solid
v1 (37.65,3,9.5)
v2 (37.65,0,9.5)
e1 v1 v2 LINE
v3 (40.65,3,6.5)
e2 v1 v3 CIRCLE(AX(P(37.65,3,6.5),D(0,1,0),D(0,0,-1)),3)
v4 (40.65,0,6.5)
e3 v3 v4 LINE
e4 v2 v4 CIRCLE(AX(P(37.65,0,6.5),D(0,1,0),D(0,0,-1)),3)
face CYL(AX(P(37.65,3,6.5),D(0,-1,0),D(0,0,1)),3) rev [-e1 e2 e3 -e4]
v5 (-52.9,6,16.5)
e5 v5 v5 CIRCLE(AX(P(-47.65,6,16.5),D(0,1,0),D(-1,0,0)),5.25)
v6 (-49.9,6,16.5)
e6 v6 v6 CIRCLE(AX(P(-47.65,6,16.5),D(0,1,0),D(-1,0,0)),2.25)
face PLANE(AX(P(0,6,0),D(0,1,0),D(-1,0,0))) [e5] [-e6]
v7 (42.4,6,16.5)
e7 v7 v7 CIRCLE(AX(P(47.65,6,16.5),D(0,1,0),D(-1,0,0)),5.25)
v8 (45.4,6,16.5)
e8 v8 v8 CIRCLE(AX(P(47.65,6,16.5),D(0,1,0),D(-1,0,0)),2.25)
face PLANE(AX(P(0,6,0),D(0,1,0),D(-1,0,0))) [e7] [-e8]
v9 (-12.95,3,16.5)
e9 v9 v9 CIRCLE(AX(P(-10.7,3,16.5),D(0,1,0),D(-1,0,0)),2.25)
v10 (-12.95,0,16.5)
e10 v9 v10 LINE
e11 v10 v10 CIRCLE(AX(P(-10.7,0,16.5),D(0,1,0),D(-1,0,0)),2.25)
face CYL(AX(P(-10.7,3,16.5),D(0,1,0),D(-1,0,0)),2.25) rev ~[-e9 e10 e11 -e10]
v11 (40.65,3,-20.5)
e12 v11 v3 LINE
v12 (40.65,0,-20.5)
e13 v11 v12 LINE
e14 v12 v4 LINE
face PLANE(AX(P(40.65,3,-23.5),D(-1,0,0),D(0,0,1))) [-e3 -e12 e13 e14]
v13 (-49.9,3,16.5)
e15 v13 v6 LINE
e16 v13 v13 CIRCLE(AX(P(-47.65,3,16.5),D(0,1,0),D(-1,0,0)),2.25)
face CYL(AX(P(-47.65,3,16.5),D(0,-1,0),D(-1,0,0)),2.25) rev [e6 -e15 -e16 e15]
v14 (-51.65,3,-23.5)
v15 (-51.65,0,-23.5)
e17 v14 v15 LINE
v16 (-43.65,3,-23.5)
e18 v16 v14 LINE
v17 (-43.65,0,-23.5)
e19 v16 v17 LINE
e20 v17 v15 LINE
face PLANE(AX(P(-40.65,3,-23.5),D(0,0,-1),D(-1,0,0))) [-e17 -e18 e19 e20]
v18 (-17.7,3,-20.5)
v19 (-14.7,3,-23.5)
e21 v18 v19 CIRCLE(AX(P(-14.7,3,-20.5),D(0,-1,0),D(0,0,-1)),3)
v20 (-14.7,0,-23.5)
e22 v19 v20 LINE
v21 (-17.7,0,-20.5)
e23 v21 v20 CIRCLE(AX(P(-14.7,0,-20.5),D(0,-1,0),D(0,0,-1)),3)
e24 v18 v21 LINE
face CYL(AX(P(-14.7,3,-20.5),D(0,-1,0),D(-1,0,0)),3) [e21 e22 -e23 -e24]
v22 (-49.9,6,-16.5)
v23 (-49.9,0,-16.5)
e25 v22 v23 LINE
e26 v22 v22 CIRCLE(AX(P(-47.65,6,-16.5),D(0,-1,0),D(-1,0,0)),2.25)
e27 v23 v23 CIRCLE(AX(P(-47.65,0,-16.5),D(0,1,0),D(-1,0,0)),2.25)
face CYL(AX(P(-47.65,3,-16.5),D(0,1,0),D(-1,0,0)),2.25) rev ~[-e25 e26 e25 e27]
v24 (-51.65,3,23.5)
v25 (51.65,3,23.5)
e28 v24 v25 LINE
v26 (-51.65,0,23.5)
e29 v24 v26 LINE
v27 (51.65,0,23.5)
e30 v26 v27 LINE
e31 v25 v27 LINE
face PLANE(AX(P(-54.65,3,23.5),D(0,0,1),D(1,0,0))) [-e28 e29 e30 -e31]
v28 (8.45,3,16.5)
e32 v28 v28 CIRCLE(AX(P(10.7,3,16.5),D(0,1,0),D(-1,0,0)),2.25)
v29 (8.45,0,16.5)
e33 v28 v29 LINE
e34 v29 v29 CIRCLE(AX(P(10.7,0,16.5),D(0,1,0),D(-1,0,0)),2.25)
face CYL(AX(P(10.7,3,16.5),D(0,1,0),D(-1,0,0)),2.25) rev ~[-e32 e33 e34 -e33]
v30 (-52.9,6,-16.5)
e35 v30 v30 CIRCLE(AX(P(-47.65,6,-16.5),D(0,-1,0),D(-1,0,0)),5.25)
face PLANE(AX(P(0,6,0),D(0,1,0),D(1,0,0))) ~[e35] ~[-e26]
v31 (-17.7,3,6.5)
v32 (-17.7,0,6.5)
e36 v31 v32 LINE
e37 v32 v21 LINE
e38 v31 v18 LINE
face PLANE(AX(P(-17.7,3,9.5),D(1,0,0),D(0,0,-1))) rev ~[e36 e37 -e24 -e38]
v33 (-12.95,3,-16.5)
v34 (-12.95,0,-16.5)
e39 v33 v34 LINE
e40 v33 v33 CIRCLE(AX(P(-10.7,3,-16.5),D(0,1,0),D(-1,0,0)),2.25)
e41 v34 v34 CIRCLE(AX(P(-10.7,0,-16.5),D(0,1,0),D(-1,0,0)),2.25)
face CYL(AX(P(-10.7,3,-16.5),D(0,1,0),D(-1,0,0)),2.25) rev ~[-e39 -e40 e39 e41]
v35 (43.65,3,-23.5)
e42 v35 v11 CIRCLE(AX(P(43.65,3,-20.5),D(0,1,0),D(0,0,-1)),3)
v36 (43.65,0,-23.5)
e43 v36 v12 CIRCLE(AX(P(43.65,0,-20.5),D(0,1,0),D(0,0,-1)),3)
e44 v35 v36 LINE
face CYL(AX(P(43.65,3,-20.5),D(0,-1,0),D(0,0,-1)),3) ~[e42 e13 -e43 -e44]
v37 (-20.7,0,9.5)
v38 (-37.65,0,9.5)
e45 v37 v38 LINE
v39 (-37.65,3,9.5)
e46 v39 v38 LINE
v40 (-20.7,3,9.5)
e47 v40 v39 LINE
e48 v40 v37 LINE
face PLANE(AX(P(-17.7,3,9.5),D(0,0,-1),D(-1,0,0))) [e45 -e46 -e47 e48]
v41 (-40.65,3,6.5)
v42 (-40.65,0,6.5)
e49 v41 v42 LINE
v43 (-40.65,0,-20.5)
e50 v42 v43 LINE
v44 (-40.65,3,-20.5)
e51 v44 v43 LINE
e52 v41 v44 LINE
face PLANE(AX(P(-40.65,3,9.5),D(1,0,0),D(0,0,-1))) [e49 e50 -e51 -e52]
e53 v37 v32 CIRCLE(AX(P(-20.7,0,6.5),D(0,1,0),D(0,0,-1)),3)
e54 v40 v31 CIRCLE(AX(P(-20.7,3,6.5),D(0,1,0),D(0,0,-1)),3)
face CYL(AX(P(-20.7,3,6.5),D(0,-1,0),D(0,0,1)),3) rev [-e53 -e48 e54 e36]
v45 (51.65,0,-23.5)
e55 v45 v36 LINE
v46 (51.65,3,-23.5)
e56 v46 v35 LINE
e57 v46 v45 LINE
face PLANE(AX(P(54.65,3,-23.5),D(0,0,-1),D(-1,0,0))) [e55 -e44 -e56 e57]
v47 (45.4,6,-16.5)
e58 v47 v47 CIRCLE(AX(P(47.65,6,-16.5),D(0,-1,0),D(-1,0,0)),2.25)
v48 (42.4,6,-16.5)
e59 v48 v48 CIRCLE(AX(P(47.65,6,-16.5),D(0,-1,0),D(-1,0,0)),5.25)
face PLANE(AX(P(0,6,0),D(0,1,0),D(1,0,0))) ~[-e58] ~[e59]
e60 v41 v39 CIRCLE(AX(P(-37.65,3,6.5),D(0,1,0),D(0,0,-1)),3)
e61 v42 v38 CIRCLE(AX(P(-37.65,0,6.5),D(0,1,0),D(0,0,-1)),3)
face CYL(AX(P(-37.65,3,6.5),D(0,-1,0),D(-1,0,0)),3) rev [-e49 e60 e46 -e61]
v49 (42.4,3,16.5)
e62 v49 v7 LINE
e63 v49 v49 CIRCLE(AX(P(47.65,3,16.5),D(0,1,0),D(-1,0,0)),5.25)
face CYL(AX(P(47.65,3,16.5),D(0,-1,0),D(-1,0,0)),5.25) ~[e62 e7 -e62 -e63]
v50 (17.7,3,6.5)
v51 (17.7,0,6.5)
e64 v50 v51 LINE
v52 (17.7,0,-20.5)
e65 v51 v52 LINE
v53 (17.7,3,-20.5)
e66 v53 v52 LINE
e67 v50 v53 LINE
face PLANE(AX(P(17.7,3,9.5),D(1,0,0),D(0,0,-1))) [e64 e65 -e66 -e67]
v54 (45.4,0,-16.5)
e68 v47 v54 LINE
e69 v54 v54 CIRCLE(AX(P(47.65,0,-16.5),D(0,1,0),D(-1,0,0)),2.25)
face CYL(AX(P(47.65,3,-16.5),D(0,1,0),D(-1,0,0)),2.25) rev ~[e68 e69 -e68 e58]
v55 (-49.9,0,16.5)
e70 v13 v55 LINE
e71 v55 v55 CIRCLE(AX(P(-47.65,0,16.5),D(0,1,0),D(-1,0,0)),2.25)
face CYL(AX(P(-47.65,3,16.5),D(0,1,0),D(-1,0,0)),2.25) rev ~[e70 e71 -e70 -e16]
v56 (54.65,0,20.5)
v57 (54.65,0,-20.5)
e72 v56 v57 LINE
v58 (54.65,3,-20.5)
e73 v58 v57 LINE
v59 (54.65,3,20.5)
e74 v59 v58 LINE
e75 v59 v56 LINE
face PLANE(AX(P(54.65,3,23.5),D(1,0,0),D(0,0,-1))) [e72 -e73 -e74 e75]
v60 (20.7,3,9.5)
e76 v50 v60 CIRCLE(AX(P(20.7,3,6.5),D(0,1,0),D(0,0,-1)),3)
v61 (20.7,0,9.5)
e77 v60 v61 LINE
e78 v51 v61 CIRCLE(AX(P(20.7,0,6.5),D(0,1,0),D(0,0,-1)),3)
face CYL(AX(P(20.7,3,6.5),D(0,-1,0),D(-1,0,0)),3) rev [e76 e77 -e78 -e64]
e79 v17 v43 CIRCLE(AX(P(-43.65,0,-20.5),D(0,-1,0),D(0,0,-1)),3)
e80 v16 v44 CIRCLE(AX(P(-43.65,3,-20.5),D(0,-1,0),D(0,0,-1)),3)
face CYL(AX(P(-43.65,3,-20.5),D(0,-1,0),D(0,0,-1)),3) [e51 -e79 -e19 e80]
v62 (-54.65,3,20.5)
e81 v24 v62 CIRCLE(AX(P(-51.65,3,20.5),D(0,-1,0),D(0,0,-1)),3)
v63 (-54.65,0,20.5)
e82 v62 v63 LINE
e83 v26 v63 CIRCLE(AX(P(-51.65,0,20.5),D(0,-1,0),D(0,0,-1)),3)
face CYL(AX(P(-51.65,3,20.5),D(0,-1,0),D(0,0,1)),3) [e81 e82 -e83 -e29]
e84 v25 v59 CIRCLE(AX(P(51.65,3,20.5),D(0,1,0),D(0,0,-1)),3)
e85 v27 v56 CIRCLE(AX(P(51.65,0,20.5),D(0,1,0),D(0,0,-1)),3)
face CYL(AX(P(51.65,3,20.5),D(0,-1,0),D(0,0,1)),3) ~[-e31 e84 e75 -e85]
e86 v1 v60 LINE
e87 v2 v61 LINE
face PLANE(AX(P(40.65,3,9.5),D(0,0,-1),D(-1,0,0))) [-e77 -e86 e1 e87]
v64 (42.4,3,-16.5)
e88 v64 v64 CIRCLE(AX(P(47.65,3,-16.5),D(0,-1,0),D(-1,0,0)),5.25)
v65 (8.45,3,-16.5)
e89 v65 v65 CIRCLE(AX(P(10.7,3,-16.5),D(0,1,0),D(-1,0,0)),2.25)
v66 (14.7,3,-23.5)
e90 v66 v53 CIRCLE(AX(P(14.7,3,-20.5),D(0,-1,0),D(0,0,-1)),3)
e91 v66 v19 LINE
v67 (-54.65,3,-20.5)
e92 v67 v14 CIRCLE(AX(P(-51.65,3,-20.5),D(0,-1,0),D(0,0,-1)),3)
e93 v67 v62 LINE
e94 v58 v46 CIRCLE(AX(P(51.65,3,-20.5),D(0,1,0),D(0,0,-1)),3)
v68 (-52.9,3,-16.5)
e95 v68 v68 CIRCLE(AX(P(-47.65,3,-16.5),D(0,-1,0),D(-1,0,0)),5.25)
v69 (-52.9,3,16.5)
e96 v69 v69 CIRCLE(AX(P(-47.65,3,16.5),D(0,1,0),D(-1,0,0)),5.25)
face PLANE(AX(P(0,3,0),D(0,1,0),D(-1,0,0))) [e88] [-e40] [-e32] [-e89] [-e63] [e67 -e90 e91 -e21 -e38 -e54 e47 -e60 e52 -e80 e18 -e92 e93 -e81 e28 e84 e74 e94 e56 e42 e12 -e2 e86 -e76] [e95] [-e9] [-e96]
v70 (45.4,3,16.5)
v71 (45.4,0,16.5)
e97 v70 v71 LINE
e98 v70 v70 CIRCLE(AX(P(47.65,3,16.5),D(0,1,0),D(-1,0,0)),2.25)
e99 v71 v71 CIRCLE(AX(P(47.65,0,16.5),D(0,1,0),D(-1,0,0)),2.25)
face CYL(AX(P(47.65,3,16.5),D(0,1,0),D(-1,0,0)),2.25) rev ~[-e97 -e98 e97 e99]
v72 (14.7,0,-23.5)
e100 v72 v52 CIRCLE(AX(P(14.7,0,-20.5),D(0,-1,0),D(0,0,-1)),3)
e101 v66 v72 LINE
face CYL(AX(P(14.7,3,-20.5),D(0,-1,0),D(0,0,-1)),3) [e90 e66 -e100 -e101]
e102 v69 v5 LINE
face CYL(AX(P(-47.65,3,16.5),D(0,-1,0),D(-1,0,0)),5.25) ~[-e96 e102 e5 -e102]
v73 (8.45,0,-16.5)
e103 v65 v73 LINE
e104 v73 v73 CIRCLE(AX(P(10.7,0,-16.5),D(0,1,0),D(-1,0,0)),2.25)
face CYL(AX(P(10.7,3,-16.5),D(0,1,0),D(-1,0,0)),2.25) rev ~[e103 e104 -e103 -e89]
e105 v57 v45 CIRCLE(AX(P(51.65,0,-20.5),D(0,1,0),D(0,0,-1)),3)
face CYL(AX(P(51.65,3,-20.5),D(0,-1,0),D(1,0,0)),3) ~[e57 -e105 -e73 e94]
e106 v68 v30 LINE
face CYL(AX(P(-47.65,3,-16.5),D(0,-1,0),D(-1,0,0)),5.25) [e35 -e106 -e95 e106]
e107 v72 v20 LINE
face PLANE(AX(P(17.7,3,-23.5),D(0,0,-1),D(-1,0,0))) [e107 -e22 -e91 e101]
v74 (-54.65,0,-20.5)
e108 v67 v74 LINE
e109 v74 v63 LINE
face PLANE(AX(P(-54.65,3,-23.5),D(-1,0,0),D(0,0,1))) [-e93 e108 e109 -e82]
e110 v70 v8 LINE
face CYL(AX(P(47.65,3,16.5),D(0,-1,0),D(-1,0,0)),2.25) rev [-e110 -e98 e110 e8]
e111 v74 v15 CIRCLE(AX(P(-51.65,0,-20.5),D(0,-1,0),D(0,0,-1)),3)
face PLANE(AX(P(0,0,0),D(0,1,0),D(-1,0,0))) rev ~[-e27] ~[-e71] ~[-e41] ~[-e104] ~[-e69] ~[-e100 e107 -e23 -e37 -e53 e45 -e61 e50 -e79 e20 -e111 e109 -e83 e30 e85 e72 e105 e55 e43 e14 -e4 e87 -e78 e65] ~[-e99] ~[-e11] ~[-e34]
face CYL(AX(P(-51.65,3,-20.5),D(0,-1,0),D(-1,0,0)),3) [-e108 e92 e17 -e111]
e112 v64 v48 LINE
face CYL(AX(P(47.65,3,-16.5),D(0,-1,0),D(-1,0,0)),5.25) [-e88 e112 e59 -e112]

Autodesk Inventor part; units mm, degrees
ref_plane "YZ Plane" through (0, 0, 0) normal (1, 0, 0) x (0, 1, 0)
ref_plane "XY Plane" through (0, 0, 0) normal (0, 0, 1) x (1, 0, 0)
sketch "Sketch1" plane through (0, 0, 0) normal (0, 1, 0) x (-1, 0, 0)
  line L0 (-51.65, 23.5) -> (51.65, 23.5)
  line L1 (54.65, 20.5) -> (54.65, -20.5)
  line L2 (51.65, -23.5) -> (-51.65, -23.5)
  line L3 (-54.65, -20.5) -> (-54.65, 20.5)
  circle A0 centre (-47.65, 16.5) radius 2.25
  circle A1 centre (47.65, 16.5) radius 2.25
  circle A2 centre (-47.65, 16.5) radius 26.75 construction
  circle A3 centre (-10.7, 16.5) radius 2.25
  circle A4 centre (-10.7, 16.5) radius 11.2 construction
  line L4 (-21.9, 16.5) -> (-21.9, 6.8604)
  line L5 (-20.9, 16.5) -> (-20.9, 6.8604)
  circle A5 centre (10.7, 16.5) radius 2.25
  circle A6 centre (10.7, 16.5) radius 11.2 construction
  line L6 (-0.5, 16.5) -> (-0.5, 5.694)
  line L7 (0.5, 16.5) -> (0.5, 5.694)
  circle A7 centre (47.65, 16.5) radius 26.75 construction
  line L8 (20.9, 16.5) -> (20.9, 5.8426)
  line L9 (21.9, 16.5) -> (21.9, 5.8426)
  arc A8 (-51.65, 23.5) -> (-54.65, 20.5) centre (-51.65, 20.5) ccw
  arc A9 (-54.65, -20.5) -> (-51.65, -23.5) centre (-51.65, -20.5) ccw
  arc A10 (54.65, 20.5) -> (51.65, 23.5) centre (51.65, 20.5) ccw
  arc A11 (51.65, -23.5) -> (54.65, -20.5) centre (51.65, -20.5) ccw
  line L10 (-84.9483, 16.5) -> (77.5332, 16.5) construction
  line L11 (-54.65, 0) -> (54.65, 0)
  line L12 (10.7, 30.5) -> (10.7, -33.5) construction
  circle A12 centre (10.7, -16.5) radius 2.25
  line L13 (5, -8.5) -> (18, -8.5) construction
  line L14 (3.7, -4.5) -> (3.7, -33.5) construction
  line L15 (-6.3, -4.5) -> (-6.3, -33.5) construction
  line L16 (-1.3, -33.5) -> (-1.3, -4.5) construction
  circle A13 centre (-1.3, -38.9) radius 2.25
  circle A14 centre (-1.3, -8.5) radius 2.25
  line L17 (-17.7373, -23.5) -> (14.2274, -23.5)
  line L18 (14.2274, -23.5) -> (14.2274, -45.3565)
  line L19 (14.2274, -45.3565) -> (-17.7373, -45.3565)
  line L20 (-17.7373, -45.3565) -> (-17.7373, -23.5)
  line L21 (-40.65, 5) -> (-30.65, 5)
  line L22 (-30.65, 5) -> (-30.65, -5)
  line L23 (-30.65, -5) -> (-40.65, -5)
  line L24 (-40.65, -5) -> (-40.65, 5)
  line L25 (-42.65, -7) -> (-28.65, -7)
  line L26 (-28.65, -7) -> (-28.65, 7)
  line L27 (-28.65, 7) -> (-42.65, 7)
  line L28 (-42.65, 7) -> (-42.65, -7)
  point P0 (0, 0)
  point P1 (-54.65, 23.5)
  point P2 (-54.65, -23.5)
  point P3 (0, 23.5)
  point P4 (-35.65, 5)
  point P5 (-30.65, 0)
  dimension "d5" = 53.5
  dimension "d12" = 53.5
  dimension "d1" = 4.5
  dimension "d2" = 7
  dimension "d3" = 4.5
  dimension "d4" = 7
  dimension "d6" = 4.5
  dimension "d7" = 22.4
  dimension "d8" = 1
  dimension "d9" = 4.5
  dimension "d10" = 22.4
  dimension "d11" = 1
  dimension "d13" = 1
  dimension "d14" = 3
  dimension "d23" = 16.5
  dimension "d24" = 7
  dimension "d27" = 8
  dimension "d28" = 7
  dimension "d29" = 10
  dimension "d30" = 5
  dimension "d31" = 4.5
  dimension "d32" = 4.5
  dimension "d33" = 30.4
  dimension "d38" = 0
  dimension "d40" = 10
  dimension "d41" = 10
  dimension "d43" = 2
  dimension "d47" = 12
ref_plane "Work Plane1" through (0, 3, 0) normal (0, 1, 0) x (-1, 0, 0)
sketch "Sketch3" plane through (0, 3, 0) normal (0, 1, 0) x (-1, 0, 0)
  circle A0 centre (-47.65, 16.5) radius 2.25
  circle A1 centre (-47.65, -16.5) radius 2.25
  circle A2 centre (-10.7, -16.5) radius 2.25
  circle A3 centre (10.7, -16.5) radius 2.25
  circle A4 centre (47.65, -16.5) radius 2.25
  circle A5 centre (47.65, 16.5) radius 2.25
  circle A6 centre (10.7, 16.5) radius 2.25
  circle A7 centre (-10.7, 16.5) radius 2.25
  line L0 (-54.65, 23.5) -> (-54.65, -23.5)
  line L1 (-54.65, -23.5) -> (54.65, -23.5)
  line L2 (54.65, 23.5) -> (-54.65, 23.5)
  line L3 (54.65, -23.5) -> (54.65, 23.5)
  line L4 (-40.65, 9.5) -> (-17.7, 9.5)
  line L5 (-17.7, 9.5) -> (-17.7, -23.5)
  line L6 (-40.65, -23.5) -> (-40.65, 9.5)
  line L7 (17.7, 9.5) -> (17.7, -23.5)
  line L8 (17.7, 9.5) -> (40.65, 9.5)
  line L9 (40.65, 9.5) -> (40.65, -23.5)
  circle A8 centre (-47.65, 16.5) radius 5.25
  circle A9 centre (47.65, 16.5) radius 5.25
  point P0 (0, 0)
  dimension "d66" = 7
  dimension "d67" = 7
  dimension "d68" = 7
  dimension "d69" = 7
  dimension "d71" = 7
  dimension "d72" = 7
  dimension "d73" = 7
  dimension "d74" = 7
  dimension "d75" = 7
  dimension "d76" = 7
  dimension "d80" = 3
  dimension "d81" = 3
extrude "Extrusion6" add sketch "Sketch3" against normal blind 3 contours L2 L3 L1 L9 L8 L7 L5 L4 L6 L0 | A8 | A9
fillet "Fillet2" radius 3 12 edges at (54.65, 1.5, 23.5) (54.65, 1.5, -23.5) (40.65, 1.5, -23.5) (40.65, 1.5, 9.5) (17.7, 1.5, 9.5) (17.7, 1.5, -23.5) (-17.7, 1.5, -23.5) (-17.7, 1.5, 9.5) (-40.65, 1.5, 9.5) (-40.65, 1.5, -23.5) (-54.65, 1.5, -23.5) (-54.65, 1.5, 23.5)
extrude "Extrusion7" add sketch "Sketch3" along normal blind 3 contours A8 | A9
mirror "Mirror3" about plane through (0, 0, 0) normal (0, 0, 1) of "Extrusion7"
properties part number "OuterBar"
